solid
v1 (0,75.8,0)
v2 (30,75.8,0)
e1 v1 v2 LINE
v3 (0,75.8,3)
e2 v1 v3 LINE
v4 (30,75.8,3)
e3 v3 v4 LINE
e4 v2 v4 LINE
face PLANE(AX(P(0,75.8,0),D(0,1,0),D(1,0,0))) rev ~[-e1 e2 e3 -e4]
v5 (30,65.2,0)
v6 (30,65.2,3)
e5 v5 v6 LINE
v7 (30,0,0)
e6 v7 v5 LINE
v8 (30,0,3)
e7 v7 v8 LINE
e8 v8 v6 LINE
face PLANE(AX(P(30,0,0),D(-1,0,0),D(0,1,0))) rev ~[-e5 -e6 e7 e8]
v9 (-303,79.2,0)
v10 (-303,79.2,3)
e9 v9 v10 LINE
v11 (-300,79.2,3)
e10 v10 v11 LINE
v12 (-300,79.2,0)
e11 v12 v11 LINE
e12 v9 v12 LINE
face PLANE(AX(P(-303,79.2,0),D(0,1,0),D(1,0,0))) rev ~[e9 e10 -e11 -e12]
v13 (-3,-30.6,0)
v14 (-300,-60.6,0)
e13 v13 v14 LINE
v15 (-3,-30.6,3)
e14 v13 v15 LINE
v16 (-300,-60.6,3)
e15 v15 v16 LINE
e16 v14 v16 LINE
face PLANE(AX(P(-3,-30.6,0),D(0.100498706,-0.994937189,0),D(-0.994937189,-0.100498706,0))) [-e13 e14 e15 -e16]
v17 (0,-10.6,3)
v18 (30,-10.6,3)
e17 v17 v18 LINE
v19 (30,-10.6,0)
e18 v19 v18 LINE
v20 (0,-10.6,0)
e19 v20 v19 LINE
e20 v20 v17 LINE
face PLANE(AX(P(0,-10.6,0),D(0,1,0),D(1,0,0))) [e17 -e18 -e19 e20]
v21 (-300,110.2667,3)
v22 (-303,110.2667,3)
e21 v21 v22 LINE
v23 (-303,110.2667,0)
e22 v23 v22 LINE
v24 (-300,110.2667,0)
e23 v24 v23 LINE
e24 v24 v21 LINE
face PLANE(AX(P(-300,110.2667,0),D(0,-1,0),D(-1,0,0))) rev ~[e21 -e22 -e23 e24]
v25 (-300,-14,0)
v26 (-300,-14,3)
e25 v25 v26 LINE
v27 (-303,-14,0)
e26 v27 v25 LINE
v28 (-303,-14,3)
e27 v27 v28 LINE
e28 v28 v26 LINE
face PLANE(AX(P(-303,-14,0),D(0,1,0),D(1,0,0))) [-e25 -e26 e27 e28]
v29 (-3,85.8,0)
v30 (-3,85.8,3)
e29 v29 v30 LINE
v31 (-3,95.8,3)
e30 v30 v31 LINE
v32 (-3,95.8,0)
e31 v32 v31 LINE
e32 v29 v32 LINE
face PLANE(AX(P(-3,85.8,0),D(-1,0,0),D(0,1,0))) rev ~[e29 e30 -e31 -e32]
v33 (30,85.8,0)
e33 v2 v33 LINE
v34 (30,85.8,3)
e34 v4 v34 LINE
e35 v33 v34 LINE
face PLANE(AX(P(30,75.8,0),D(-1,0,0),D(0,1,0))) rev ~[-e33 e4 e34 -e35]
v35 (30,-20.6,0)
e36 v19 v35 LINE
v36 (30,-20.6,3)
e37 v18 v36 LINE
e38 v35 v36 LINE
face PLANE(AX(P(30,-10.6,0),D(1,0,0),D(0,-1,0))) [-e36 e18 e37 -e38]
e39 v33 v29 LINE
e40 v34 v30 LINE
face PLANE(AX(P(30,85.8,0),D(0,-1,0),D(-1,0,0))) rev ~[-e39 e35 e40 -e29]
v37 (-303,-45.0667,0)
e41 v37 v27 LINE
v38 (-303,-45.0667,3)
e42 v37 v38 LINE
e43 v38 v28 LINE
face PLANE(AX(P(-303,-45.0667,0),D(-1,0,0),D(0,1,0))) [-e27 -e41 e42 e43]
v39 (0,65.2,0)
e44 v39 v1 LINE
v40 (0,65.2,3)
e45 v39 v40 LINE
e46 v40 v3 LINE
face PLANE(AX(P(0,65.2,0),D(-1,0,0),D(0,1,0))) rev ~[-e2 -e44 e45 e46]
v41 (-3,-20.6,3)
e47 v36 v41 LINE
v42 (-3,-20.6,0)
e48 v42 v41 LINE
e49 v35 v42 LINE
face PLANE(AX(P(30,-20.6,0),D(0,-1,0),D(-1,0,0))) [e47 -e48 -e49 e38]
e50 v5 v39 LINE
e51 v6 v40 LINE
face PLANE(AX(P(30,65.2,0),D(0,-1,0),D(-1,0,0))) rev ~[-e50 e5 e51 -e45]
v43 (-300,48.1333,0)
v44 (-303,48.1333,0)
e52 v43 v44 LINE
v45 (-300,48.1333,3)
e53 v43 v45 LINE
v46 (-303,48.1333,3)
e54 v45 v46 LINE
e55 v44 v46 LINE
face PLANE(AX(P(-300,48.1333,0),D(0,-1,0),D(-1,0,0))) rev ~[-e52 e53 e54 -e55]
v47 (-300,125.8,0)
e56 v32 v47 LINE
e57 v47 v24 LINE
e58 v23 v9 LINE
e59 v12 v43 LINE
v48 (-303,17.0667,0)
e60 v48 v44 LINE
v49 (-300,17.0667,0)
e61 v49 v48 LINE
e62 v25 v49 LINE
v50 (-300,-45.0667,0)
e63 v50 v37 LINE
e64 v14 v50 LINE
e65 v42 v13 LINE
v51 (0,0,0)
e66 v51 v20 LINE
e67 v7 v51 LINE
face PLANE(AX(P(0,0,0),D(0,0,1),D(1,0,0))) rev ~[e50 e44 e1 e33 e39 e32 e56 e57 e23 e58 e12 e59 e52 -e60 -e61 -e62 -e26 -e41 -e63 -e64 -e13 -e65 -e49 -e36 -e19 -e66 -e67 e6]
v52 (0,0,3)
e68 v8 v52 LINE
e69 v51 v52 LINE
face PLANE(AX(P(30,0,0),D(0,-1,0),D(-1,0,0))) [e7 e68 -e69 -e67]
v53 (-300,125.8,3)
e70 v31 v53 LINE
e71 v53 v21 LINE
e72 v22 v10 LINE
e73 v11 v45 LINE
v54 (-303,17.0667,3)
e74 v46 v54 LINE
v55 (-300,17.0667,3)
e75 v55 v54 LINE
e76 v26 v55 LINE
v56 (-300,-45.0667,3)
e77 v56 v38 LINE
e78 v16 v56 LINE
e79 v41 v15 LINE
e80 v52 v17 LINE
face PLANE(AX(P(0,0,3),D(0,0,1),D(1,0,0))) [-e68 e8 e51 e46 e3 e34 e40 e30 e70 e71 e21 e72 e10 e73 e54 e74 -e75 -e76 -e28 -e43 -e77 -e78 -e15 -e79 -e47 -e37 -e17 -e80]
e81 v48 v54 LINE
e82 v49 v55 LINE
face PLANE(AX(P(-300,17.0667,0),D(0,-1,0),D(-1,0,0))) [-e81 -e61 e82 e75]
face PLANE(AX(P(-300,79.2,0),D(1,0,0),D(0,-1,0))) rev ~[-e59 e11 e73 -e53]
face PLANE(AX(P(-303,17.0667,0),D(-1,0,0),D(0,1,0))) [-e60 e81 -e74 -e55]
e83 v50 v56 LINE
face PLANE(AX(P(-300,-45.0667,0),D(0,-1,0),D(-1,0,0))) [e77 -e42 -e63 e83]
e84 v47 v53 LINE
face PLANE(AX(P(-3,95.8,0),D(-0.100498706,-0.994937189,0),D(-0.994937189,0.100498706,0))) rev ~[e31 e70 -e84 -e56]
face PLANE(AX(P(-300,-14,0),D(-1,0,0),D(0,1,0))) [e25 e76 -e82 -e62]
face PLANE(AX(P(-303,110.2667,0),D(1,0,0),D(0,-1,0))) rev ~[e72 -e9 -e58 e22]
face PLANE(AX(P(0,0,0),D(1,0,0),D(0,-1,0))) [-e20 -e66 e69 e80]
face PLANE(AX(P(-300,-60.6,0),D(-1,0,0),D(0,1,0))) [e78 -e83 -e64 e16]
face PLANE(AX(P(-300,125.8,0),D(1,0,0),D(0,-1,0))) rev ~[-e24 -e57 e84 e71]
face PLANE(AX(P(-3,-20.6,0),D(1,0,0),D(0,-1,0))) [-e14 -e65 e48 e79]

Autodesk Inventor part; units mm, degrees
ref_plane "YZ Plane" through (0, 0, 0) normal (1, 0, 0) x (0, 1, 0)
ref_plane "XZ Plane" through (0, 0, 0) normal (0, 1, 0) x (-1, 0, 0)
ref_plane "XY Plane" through (0, 0, 0) normal (0, 0, 1) x (1, 0, 0)
ref_plane "Work Plane1" through (0, 0, 0) normal (0, 0, 1) x (1, 0, 0)
sketch "Sketch1" plane through (0, 0, 0) normal (0, 0, 1) x (1, 0, 0)
  line L0 (0, 75.8) -> (40.7, 75.8) projected
  line L1 (40.7, 65.2) -> (40.7, 75.8) construction
  line L2 (40.7, 65.2) -> (0, 65.2) projected
  line L3 (0, 65.2) -> (0, 75.8) projected
  line L4 (0, 0) -> (0, 65.2) construction
  line L5 (40.7, 0) -> (0, 0) projected
  line L6 (40.7, 0) -> (40.7, 65.2) construction
  line L7 (0, 65.2) -> (40.7, 65.2) projected
  line L8 (0, -10.6) -> (40.7, -10.6) projected
  line L9 (0, 0) -> (0, -10.6)
  line L10 (40.7, -10.6) -> (40.7, 0) construction
  line L11 (40.7, 32.6) -> (0, 32.6) construction
  line L12 (0, 32.6) -> (-300, 32.6) construction
  line L13 (30, 75.8) -> (30, 85.8)
  line L14 (-300, 125.8) -> (-300, 32.6)
  line L15 (-300, -60.6) -> (-300, 32.6)
  line L16 (30, 0) -> (30, 65.2)
  line L17 (-3, 85.8) -> (-3, 95.8)
  line L18 (30, 85.8) -> (-3, 85.8)
  line L19 (-3, 95.8) -> (-300, 125.8)
  line L20 (30, -10.6) -> (30, -20.6)
  line L21 (-3, -20.6) -> (-3, -30.6)
  line L22 (30, -20.6) -> (-3, -20.6)
  line L23 (-3, -30.6) -> (-300, -60.6)
  line L24 (-300, 110.2667) -> (-303, 110.2667)
  line L25 (-303, 110.2667) -> (-303, 79.2)
  line L26 (-303, 79.2) -> (-300, 79.2)
  line L27 (-300, 48.1333) -> (-303, 48.1333)
  line L28 (-303, 48.1333) -> (-303, 32.6)
  line L29 (-303, 32.6) -> (-300, 32.6) construction
  line L30 (-303, 79.2) -> (-303, 48.1333) construction
  line L31 (-303, 110.2667) -> (-303, 125.8) construction
  line L32 (-303, 125.8) -> (-300, 125.8) construction
  line L33 (-301.5, 110.2667) -> (-301.5, 94.7333) construction
  line L34 (-301.5, 94.7333) -> (-303, 94.7333) construction
  line L35 (-300, -45.0667) -> (-303, -45.0667)
  line L36 (-303, -45.0667) -> (-303, -14)
  line L37 (-303, -14) -> (-300, -14)
  line L38 (-300, 17.0667) -> (-303, 17.0667)
  line L39 (-303, 17.0667) -> (-303, 32.6)
  line L40 (-3, 75.8) -> (-3, 85.8) projected
  dimension "d0" = 300
  dimension "d1" = 10
  dimension "d2" = 50
  dimension "d3" = 30
  dimension "d6" = 10
  dimension "d10" = 3
extrude "Extrusion1" add sketch "Sketch1" along normal blind 3
sketch "Sketch3" plane through (0, 0, 3) normal (0, 0, 1) x (1, 0, 0)
  line L0 (0, 75.8) -> (30, 75.8) projected
  line L1 (30, 75.8) -> (30, 85.8) projected
  line L2 (30, 85.8) -> (-3, 85.8) projected
  line L3 (-3, 85.8) -> (-3, 95.8) projected
  line L4 (-3, 95.8) -> (-300, 125.8) projected
  line L5 (-300, 125.8) -> (-300, 110.2667) projected
  line L6 (-300, 110.2667) -> (-303, 110.2667) projected
  line L7 (-303, 110.2667) -> (-303, 79.2) projected
  line L8 (-303, 79.2) -> (-300, 79.2) projected
  line L9 (-300, 79.2) -> (-300, 48.1333) projected
  line L10 (-300, 48.1333) -> (-303, 48.1333) projected
  line L11 (-303, 48.1333) -> (-303, 17.0667) projected
  line L12 (-303, 17.0667) -> (-300, 17.0667) projected
  line L13 (-300, 17.0667) -> (-300, -14) projected
  line L14 (-300, -14) -> (-303, -14) projected
  line L15 (-303, -14) -> (-303, -45.0667) projected
  line L16 (-303, -45.0667) -> (-300, -45.0667) projected
  line L17 (-300, -45.0667) -> (-300, -60.6) projected
  line L18 (-300, -60.6) -> (-3, -30.6) projected
  line L19 (-3, -30.6) -> (-3, -20.6) projected
  line L20 (-3, -20.6) -> (30, -20.6) projected
  line L21 (30, -20.6) -> (30, -10.6) projected
  line L22 (30, -10.6) -> (0, -10.6) projected
  line L23 (0, -10.6) -> (0, 0) projected
  line L24 (0, 0) -> (30, 0) projected
  line L25 (30, 0) -> (30, 65.2) projected
  line L26 (30, 65.2) -> (0, 65.2) projected
  line L27 (0, 65.2) -> (0, 75.8) projected
properties part number "Stand 1" material "Wood (Oak)"
